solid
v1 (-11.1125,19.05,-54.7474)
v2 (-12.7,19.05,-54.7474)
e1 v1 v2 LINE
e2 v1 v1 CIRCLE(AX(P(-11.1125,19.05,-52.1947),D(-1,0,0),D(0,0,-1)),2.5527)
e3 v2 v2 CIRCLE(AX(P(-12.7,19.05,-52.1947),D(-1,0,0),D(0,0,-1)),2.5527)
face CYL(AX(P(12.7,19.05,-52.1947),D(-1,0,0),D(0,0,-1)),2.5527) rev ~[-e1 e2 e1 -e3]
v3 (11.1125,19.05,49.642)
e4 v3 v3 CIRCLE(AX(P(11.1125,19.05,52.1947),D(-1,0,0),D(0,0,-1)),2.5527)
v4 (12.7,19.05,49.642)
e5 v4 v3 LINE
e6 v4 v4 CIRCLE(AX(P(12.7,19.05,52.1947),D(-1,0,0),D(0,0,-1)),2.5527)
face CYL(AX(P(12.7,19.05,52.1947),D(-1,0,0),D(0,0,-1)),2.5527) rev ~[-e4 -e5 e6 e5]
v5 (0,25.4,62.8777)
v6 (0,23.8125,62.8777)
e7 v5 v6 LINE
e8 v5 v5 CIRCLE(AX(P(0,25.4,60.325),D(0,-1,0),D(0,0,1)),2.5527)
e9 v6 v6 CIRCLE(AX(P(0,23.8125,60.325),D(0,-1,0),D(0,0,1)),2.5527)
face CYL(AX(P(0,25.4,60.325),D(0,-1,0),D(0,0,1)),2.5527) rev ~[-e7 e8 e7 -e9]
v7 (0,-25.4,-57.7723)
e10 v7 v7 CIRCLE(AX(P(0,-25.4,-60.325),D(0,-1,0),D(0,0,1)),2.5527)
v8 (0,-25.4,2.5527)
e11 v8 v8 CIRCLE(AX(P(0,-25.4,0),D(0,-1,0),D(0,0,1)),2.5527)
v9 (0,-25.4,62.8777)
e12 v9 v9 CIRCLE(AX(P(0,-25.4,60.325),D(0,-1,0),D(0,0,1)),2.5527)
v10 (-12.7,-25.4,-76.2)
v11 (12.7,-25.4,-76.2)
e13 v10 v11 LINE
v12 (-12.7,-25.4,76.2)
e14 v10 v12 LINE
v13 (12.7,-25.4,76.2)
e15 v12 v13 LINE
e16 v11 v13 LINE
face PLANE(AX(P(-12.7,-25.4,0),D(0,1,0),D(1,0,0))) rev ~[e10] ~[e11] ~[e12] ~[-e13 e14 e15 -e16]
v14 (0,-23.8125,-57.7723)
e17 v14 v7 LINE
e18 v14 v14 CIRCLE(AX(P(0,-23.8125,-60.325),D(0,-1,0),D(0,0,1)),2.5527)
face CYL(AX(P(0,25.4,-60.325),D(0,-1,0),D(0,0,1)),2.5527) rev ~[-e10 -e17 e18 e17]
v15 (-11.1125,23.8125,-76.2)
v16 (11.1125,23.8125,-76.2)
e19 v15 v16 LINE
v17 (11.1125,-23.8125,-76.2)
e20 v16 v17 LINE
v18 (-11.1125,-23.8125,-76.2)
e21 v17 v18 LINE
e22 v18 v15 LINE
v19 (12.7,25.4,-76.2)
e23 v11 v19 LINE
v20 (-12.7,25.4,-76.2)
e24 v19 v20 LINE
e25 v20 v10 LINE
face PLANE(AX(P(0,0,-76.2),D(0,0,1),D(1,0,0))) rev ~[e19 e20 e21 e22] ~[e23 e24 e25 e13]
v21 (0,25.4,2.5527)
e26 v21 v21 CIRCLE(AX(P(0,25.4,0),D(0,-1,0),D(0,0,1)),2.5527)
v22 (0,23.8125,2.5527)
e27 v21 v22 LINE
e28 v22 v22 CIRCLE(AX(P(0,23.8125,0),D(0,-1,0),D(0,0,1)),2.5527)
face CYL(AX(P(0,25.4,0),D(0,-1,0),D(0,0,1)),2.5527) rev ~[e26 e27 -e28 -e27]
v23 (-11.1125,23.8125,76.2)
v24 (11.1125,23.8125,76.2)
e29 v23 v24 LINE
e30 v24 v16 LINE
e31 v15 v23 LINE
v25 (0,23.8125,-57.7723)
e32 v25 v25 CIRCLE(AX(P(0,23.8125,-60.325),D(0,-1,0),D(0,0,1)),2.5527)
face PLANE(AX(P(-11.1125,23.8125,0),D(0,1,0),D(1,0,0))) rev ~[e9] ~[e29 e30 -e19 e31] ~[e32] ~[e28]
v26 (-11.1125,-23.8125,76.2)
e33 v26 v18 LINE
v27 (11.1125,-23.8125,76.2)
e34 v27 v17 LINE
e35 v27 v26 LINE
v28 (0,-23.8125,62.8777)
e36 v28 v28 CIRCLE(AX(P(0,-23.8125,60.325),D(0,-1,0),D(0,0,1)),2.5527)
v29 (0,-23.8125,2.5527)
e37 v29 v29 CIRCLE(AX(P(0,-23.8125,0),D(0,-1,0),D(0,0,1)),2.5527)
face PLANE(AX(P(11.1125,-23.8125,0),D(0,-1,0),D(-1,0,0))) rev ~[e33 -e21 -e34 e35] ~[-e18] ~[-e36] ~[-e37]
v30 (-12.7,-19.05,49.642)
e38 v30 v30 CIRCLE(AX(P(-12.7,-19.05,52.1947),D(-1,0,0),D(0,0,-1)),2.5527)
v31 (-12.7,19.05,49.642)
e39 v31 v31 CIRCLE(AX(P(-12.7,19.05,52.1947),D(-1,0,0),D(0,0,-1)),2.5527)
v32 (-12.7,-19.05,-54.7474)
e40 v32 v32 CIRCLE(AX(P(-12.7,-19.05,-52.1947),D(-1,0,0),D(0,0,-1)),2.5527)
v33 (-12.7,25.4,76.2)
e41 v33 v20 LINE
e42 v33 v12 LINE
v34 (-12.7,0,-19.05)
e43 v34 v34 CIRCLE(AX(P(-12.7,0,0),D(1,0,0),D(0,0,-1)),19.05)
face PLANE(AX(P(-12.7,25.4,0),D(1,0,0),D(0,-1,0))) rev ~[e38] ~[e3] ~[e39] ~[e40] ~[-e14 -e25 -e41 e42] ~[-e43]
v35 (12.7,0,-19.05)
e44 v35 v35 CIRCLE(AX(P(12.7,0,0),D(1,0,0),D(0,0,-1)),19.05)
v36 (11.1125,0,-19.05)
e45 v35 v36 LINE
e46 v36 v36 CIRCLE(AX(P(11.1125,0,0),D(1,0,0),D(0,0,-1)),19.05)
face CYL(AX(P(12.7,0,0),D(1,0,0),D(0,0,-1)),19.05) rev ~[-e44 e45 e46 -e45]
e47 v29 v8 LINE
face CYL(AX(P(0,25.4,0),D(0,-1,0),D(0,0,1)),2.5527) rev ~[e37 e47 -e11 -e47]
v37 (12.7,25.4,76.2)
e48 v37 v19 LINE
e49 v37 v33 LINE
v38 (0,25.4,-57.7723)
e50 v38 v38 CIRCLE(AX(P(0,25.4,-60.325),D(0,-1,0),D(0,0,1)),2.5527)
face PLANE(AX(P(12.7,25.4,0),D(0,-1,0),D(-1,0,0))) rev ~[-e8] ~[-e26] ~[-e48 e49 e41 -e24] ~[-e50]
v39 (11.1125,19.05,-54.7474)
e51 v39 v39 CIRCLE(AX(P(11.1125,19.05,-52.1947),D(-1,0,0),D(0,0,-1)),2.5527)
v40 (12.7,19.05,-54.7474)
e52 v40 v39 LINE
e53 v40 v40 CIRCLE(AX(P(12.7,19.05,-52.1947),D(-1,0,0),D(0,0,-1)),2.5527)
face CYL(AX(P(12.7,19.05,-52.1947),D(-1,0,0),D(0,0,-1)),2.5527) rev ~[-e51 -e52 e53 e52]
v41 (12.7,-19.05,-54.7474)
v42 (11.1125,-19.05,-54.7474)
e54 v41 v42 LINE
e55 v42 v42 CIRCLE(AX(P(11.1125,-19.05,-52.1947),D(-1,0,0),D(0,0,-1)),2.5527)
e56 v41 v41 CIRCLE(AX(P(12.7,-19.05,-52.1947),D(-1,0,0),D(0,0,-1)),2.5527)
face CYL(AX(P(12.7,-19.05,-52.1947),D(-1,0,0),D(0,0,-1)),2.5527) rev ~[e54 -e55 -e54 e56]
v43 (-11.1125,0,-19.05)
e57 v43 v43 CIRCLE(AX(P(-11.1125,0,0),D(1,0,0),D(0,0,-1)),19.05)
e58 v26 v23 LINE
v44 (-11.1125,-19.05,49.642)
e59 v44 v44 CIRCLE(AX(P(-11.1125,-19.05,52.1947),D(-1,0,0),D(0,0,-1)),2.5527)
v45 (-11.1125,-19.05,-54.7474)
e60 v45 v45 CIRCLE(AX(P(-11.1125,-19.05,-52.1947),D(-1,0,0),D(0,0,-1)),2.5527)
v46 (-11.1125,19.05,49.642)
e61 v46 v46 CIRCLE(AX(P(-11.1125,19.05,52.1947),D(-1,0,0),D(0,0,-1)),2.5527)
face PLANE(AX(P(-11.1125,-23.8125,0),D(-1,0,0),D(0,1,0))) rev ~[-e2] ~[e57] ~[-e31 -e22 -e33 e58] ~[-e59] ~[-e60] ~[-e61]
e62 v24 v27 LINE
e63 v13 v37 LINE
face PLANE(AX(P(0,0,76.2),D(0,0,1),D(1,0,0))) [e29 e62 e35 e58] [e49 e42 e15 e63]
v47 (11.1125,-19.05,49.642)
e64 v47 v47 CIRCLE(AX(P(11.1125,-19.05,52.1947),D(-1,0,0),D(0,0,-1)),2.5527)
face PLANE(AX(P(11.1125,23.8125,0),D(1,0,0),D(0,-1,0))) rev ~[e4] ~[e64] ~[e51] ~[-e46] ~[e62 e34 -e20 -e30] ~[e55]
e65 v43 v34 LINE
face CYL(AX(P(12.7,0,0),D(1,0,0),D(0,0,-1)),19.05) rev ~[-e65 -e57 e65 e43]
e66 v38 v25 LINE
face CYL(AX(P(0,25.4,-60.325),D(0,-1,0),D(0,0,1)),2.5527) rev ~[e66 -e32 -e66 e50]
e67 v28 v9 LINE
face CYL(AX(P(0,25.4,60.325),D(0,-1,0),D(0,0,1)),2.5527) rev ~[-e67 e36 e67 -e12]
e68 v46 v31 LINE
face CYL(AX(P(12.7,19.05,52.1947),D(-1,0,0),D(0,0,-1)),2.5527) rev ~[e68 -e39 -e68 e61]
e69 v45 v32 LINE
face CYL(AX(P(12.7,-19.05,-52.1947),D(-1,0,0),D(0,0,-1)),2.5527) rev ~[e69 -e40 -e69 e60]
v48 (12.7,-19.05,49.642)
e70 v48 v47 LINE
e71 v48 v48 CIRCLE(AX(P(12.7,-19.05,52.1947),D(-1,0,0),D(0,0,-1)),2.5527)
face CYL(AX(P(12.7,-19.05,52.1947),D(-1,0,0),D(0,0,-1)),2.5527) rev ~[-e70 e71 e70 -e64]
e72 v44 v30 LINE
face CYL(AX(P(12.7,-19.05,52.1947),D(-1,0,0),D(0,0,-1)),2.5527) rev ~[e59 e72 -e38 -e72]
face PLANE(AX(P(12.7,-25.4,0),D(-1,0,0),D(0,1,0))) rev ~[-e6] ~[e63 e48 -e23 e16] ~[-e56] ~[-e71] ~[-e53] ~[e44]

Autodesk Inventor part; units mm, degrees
ref_plane "YZ Plane" through (0, 0, 0) normal (1, 0, 0) x (0, 1, 0)
ref_plane "XZ Plane" through (0, 0, 0) normal (0, 1, 0) x (-1, 0, 0)
ref_plane "XY Plane" through (0, 0, 0) normal (0, 0, 1) x (1, 0, 0)
sketch "Sketch1" plane through (0, 0, 0) normal (0, 0, 1) x (1, 0, 0)
  line L0 (-12.7, -25.4) -> (12.7, -25.4)
  line L1 (12.7, -25.4) -> (12.7, 25.4)
  line L2 (12.7, 25.4) -> (-12.7, 25.4)
  line L3 (-12.7, 25.4) -> (-12.7, -25.4)
  line L4 (-12.7, -25.4) -> (12.7, 25.4) construction
  line L5 (12.7, -25.4) -> (-12.7, 25.4) construction
  line L6 (-11.1125, 23.8125) -> (11.1125, 23.8125)
  line L7 (11.1125, 23.8125) -> (11.1125, -23.8125)
  line L8 (11.1125, -23.8125) -> (-11.1125, -23.8125)
  line L9 (-11.1125, -23.8125) -> (-11.1125, 23.8125)
  point P0 (0, 0)
  dimension "width" = 25.4
  dimension "height" = 50.8
  dimension "thickness" = 1.5875
extrude "Extrusion1" add sketch "Sketch1" along normal mid plane 152.4
sketch "Sketch2" plane through (-12.7, 25.4, 76.2) normal (0, 1, 0) x (1, 0, 0)
  line L0 (0, 152.4) -> (0, 0) construction
  line L1 (25.4, 0) -> (0, 0) construction
  line L2 (25.4, 152.4) -> (25.4, 0) construction
  line L3 (0, 152.4) -> (25.4, 152.4) construction
  line L4 (12.7, 136.525) -> (12.7, 15.875) construction
  point P0 (12.7, 76.2)
  point P1 (12.7, 76.2)
  point P2 (12.7, 76.2)
  dimension "d5" = 120.65
hole "Hole1" at (0, 25.4, -60.325) at (0, 25.4, 60.325) at (0, 25.4, 0) direction (0, -1, 0) diameter 5.1054 end through all clearance for "Flat Head Machine Screw (82)" size "#10" standard "Ansi Unified Screw Threads"
sketch "Sketch4" plane through (12.7, -25.4, 76.2) normal (1, 0, 0) x (0, 0, -1)
  circle A0 centre (76.2, 25.4) radius 55.5625 construction
  line L0 (24.0053, 6.35) -> (128.3947, 6.35) construction
  line L1 (128.3947, 6.35) -> (128.3947, 44.45) construction
  line L2 (128.3947, 44.45) -> (24.0053, 44.45) construction
  line L3 (24.0053, 44.45) -> (24.0053, 6.35) construction
  line L4 (24.0053, 6.35) -> (128.3947, 44.45) construction
  line L5 (128.3947, 6.35) -> (24.0053, 44.45) construction
  line L6 (0, 0) -> (0, 50.8) construction
  line L7 (0, 1.5875) -> (0, 49.2125) construction
  line L8 (0, 25.4) -> (152.4, 25.4) construction
  line L9 (152.4, 50.8) -> (152.4, 0) construction
  dimension "d28" = 38.1
  dimension "d39" = 104.3894
hole "Hole3" at (12.7, 19.05, 52.1947) at (12.7, 19.05, -52.1947) at (12.7, -19.05, -52.1947) at (12.7, -19.05, 52.1947) direction (-1, 0, 0) diameter 5.1054 end through all clearance for "Flat Head Machine Screw (82)" size "#10" standard "Ansi Unified Screw Threads"
sketch "Sketch5" plane through (12.7, -25.4, 76.2) normal (1, 0, 0) x (0, 0, -1)
  circle A0 centre (76.2, 25.4) radius 19.05
  dimension "d36" = 38.1
extrude "Extrusion2" cut sketch "Sketch5" against normal blind 25.4
sketch "Sketch3" plane through (12.7, -25.4, 76.2) normal (1, 0, 0) x (0, 0, -1)
  line L0 (25.9391, 44.45) -> (126.4609, 44.45) construction
  line L1 (126.4609, 44.45) -> (126.4609, 6.35) construction
  line L2 (126.4609, 6.35) -> (25.9391, 6.35) construction
  line L3 (25.9391, 6.35) -> (25.9391, 44.45) construction
  line L4 (25.9391, 44.45) -> (126.4609, 6.35) construction
  line L5 (126.4609, 44.45) -> (25.9391, 6.35) construction
  circle A0 centre (76.2, 25.4) radius 60 construction
  circle A1 centre (76.2, 25.4) radius 47.5 construction
  circle A2 centre (76.2, 25.4) radius 53.75 construction
  dimension "d16" = 107.5
  dimension "d14" = 120
  dimension "d15" = 95
  dimension "d17" = 38.1
properties part number "GP7-004" material "Aluminum 6061"
